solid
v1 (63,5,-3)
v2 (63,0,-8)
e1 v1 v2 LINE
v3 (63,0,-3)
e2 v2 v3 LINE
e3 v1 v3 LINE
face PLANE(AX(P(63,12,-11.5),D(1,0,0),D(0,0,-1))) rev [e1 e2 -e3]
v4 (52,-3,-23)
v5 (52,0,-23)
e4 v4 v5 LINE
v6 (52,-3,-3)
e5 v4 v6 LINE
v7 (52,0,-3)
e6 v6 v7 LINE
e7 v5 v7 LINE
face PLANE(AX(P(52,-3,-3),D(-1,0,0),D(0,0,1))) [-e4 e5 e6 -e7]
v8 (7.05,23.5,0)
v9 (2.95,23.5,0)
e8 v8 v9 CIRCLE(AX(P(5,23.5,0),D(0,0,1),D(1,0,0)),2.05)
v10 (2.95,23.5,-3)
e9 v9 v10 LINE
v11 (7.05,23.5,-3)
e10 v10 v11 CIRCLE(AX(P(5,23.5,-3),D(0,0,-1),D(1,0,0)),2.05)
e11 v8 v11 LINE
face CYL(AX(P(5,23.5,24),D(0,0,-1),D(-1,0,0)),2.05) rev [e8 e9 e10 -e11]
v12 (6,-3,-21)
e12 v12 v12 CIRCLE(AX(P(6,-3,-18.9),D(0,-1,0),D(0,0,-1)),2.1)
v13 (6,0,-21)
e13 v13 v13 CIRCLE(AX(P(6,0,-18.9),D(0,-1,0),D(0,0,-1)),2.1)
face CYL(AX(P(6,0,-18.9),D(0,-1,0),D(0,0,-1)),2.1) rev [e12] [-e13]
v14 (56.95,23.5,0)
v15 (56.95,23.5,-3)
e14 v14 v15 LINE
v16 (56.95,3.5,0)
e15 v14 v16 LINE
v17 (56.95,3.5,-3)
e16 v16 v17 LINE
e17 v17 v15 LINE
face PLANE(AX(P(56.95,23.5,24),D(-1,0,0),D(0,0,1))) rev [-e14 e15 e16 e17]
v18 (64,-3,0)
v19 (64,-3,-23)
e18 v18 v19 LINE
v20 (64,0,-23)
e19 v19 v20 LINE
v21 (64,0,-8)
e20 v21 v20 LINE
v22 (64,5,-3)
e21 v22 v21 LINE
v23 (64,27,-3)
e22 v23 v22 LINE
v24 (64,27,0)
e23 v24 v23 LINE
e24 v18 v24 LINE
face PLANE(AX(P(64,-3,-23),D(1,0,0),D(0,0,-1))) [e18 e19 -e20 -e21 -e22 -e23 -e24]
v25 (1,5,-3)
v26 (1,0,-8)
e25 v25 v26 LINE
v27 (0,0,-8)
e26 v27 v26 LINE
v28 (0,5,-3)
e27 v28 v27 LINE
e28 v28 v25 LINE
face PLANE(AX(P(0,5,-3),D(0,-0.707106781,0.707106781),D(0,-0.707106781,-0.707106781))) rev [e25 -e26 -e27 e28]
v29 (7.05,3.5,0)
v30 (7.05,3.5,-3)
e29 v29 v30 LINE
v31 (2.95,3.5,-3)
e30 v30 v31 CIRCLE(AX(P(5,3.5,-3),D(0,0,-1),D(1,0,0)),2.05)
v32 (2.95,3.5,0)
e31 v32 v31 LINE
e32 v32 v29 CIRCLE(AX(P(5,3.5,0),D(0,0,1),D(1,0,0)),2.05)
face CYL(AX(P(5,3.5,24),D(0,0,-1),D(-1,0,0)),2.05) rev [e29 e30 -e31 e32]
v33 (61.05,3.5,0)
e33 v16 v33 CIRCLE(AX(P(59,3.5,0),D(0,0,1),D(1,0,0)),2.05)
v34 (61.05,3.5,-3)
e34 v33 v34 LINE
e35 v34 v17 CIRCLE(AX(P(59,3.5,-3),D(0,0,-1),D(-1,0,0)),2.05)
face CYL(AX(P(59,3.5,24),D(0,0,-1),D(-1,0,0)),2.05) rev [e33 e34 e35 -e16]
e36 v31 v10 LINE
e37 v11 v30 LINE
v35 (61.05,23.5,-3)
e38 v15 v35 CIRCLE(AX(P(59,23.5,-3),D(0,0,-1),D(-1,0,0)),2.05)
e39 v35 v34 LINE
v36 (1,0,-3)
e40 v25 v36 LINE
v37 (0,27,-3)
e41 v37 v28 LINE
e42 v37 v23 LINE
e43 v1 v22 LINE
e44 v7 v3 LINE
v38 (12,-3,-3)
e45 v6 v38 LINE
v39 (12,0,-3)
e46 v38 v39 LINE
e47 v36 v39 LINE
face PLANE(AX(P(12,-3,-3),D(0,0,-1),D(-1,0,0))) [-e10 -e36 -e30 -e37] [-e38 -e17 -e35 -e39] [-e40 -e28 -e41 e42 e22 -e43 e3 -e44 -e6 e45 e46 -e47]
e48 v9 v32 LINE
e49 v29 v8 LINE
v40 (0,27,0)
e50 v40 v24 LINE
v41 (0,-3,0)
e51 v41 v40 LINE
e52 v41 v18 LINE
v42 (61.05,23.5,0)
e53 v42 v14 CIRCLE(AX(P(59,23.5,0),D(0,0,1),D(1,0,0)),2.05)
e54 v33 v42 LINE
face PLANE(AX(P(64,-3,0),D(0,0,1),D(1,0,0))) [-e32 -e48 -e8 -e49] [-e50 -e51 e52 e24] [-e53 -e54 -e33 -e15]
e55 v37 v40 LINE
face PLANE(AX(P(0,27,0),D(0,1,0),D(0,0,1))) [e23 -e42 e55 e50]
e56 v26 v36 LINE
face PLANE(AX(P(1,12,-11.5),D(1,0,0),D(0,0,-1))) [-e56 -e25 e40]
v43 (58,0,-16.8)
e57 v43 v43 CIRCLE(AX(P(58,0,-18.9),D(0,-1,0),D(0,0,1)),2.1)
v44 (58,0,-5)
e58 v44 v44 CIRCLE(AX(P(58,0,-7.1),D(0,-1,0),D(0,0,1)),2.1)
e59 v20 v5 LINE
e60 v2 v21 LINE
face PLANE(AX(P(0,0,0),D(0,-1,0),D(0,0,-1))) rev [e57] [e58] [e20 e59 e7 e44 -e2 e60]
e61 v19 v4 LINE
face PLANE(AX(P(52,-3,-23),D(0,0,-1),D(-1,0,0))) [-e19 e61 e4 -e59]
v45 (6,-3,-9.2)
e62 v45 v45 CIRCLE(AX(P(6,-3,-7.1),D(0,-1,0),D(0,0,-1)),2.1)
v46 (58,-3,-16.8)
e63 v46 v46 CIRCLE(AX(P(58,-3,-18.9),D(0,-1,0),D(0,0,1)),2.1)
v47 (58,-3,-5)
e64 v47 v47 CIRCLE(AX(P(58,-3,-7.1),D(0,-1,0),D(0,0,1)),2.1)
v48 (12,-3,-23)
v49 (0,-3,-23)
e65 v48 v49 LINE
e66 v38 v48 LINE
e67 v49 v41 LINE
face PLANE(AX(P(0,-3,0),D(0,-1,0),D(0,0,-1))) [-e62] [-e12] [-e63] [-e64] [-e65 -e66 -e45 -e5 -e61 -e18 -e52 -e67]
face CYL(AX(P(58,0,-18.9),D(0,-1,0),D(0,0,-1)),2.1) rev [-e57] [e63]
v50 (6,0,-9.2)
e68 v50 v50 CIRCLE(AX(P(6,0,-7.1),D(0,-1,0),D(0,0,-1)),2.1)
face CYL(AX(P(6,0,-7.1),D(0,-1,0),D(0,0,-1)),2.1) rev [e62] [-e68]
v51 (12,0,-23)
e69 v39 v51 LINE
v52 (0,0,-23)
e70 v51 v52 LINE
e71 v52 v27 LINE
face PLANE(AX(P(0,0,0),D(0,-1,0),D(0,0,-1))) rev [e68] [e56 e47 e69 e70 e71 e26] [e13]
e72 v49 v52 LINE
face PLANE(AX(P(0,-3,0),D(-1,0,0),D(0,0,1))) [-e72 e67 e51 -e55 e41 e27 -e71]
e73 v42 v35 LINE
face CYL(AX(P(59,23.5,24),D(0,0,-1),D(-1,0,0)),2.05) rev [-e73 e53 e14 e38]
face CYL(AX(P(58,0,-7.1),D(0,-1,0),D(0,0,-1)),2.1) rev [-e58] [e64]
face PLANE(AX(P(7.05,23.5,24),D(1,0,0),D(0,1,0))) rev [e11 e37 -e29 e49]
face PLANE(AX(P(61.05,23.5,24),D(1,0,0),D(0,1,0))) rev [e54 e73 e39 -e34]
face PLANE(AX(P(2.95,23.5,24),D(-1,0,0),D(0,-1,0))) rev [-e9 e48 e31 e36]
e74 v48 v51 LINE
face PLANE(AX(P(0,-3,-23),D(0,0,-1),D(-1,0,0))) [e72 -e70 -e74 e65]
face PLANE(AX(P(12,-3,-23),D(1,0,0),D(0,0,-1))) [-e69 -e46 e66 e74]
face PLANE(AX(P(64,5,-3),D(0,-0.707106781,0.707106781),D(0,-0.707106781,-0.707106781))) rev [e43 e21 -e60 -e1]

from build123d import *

# Parameters (mm, degrees)
BOSS_EXTRUDE1_DEPTH = 3
SKETCH2_R           = 2.1
CUT_EXTRUDE1_DEPTH  = 3
BOSS_EXTRUDE2_DEPTH = 27
CUT_EXTRUDE2_DEPTH  = 27
RIB1_REACH          = 75.171
SKETCH5_WALL_W      = 155.413132852
SKETCH5_WALL_H      = 1
RIB2_REACH          = 75.171
SKETCH6_WALL_W      = 155.413132852
SKETCH6_WALL_H      = 1


with BuildPart() as part:
    # Sketch1 → Boss-Extrude1 (new body)
    with BuildSketch(Plane(origin=(0, 0, 0), x_dir=(1, 0, 0), z_dir=(0, 1, 0))):
        Polygon((0, 0), (0, 23), (12, 23), (12, 3), (52, 3), (52, 23), (64, 23), (64, 0), align=None)
    extrude(amount=-BOSS_EXTRUDE1_DEPTH)

    # Sketch2 → Cut-Extrude1 (cut)
    with BuildSketch(Plane(origin=(0, -3, 0), x_dir=(-1, 0, 0), z_dir=(0, -1, 0))):
        with Locations(Location((-6, 18.9, 0), (0, 0, 90))):
            Circle(SKETCH2_R)
        with Locations(Location((-6, 7.1, 0), (0, 0, 90))):
            Circle(SKETCH2_R)
        with Locations(Location((-58, 7.1, 0), (0, 0, 270))):
            Circle(SKETCH2_R)
        with Locations(Location((-58, 18.9, 0), (0, 0, 270))):
            Circle(SKETCH2_R)
    extrude(amount=-CUT_EXTRUDE1_DEPTH, mode=Mode.SUBTRACT)

    # Sketch3 → Boss-Extrude2 (add)
    with BuildSketch(Plane(origin=(0, 0, 0), x_dir=(1, 0, 0), z_dir=(0, 1, 0))):
        Polygon((52, 3), (12, 3), (0, 3), (0, 0), (64, 0), (64, 3), align=None)
    extrude(amount=BOSS_EXTRUDE2_DEPTH)

    # Sketch4 → Cut-Extrude2 (cut)
    with BuildSketch(Plane(origin=(0, 0, -3), x_dir=(-1, 0, 0), z_dir=(0, 0, -1))):
        with BuildLine():
            Line((-56.95, 23.5), (-56.95, 3.5))
            ThreePointArc((-56.95, 3.5), (-59, 1.45), (-61.05, 3.5))
            Line((-61.05, 3.5), (-61.05, 23.5))
            ThreePointArc((-61.05, 23.5), (-59, 25.55), (-56.95, 23.5))
        make_face()
        with BuildLine():
            Line((-7.05, 23.5), (-7.05, 3.5))
            ThreePointArc((-7.05, 3.5), (-5, 1.45), (-2.95, 3.5))
            Line((-2.95, 3.5), (-2.95, 23.5))
            ThreePointArc((-2.95, 23.5), (-5, 25.55), (-7.05, 23.5))
        make_face()
    extrude(amount=-CUT_EXTRUDE2_DEPTH, mode=Mode.SUBTRACT)

    # Sketch5 wall → Rib1 (add, up to next)
    with BuildSketch(Plane(origin=(64, 2.5, -5.5), x_dir=(0, -0.707106781187, -0.707106781187), z_dir=(0, 0.707106781187, -0.707106781187)), mode=Mode.PRIVATE) as rib1_sk1:
        with Locations((0, 0.5)):
            Rectangle(SKETCH5_WALL_W, SKETCH5_WALL_H)
    rib1_tool1 = extrude(rib1_sk1.sketch, amount=-RIB1_REACH, mode=Mode.PRIVATE) - part.part
    add(rib1_tool1.solids().sort_by_distance((64, 2.5, -5.5))[0])

    # Sketch6 wall → Rib2 (add, up to next)
    with BuildSketch(Plane(origin=(0, 2.5, -5.5), x_dir=(0, -0.707106781187, -0.707106781187), z_dir=(0, 0.707106781187, -0.707106781187)), mode=Mode.PRIVATE) as rib2_sk1:
        with Locations((0, -0.5)):
            Rectangle(SKETCH6_WALL_W, SKETCH6_WALL_H)
    rib2_tool1 = extrude(rib2_sk1.sketch, amount=-RIB2_REACH, mode=Mode.PRIVATE) - part.part
    add(rib2_tool1.solids().sort_by_distance((0, 2.5, -5.5))[0])


solid = part.part
